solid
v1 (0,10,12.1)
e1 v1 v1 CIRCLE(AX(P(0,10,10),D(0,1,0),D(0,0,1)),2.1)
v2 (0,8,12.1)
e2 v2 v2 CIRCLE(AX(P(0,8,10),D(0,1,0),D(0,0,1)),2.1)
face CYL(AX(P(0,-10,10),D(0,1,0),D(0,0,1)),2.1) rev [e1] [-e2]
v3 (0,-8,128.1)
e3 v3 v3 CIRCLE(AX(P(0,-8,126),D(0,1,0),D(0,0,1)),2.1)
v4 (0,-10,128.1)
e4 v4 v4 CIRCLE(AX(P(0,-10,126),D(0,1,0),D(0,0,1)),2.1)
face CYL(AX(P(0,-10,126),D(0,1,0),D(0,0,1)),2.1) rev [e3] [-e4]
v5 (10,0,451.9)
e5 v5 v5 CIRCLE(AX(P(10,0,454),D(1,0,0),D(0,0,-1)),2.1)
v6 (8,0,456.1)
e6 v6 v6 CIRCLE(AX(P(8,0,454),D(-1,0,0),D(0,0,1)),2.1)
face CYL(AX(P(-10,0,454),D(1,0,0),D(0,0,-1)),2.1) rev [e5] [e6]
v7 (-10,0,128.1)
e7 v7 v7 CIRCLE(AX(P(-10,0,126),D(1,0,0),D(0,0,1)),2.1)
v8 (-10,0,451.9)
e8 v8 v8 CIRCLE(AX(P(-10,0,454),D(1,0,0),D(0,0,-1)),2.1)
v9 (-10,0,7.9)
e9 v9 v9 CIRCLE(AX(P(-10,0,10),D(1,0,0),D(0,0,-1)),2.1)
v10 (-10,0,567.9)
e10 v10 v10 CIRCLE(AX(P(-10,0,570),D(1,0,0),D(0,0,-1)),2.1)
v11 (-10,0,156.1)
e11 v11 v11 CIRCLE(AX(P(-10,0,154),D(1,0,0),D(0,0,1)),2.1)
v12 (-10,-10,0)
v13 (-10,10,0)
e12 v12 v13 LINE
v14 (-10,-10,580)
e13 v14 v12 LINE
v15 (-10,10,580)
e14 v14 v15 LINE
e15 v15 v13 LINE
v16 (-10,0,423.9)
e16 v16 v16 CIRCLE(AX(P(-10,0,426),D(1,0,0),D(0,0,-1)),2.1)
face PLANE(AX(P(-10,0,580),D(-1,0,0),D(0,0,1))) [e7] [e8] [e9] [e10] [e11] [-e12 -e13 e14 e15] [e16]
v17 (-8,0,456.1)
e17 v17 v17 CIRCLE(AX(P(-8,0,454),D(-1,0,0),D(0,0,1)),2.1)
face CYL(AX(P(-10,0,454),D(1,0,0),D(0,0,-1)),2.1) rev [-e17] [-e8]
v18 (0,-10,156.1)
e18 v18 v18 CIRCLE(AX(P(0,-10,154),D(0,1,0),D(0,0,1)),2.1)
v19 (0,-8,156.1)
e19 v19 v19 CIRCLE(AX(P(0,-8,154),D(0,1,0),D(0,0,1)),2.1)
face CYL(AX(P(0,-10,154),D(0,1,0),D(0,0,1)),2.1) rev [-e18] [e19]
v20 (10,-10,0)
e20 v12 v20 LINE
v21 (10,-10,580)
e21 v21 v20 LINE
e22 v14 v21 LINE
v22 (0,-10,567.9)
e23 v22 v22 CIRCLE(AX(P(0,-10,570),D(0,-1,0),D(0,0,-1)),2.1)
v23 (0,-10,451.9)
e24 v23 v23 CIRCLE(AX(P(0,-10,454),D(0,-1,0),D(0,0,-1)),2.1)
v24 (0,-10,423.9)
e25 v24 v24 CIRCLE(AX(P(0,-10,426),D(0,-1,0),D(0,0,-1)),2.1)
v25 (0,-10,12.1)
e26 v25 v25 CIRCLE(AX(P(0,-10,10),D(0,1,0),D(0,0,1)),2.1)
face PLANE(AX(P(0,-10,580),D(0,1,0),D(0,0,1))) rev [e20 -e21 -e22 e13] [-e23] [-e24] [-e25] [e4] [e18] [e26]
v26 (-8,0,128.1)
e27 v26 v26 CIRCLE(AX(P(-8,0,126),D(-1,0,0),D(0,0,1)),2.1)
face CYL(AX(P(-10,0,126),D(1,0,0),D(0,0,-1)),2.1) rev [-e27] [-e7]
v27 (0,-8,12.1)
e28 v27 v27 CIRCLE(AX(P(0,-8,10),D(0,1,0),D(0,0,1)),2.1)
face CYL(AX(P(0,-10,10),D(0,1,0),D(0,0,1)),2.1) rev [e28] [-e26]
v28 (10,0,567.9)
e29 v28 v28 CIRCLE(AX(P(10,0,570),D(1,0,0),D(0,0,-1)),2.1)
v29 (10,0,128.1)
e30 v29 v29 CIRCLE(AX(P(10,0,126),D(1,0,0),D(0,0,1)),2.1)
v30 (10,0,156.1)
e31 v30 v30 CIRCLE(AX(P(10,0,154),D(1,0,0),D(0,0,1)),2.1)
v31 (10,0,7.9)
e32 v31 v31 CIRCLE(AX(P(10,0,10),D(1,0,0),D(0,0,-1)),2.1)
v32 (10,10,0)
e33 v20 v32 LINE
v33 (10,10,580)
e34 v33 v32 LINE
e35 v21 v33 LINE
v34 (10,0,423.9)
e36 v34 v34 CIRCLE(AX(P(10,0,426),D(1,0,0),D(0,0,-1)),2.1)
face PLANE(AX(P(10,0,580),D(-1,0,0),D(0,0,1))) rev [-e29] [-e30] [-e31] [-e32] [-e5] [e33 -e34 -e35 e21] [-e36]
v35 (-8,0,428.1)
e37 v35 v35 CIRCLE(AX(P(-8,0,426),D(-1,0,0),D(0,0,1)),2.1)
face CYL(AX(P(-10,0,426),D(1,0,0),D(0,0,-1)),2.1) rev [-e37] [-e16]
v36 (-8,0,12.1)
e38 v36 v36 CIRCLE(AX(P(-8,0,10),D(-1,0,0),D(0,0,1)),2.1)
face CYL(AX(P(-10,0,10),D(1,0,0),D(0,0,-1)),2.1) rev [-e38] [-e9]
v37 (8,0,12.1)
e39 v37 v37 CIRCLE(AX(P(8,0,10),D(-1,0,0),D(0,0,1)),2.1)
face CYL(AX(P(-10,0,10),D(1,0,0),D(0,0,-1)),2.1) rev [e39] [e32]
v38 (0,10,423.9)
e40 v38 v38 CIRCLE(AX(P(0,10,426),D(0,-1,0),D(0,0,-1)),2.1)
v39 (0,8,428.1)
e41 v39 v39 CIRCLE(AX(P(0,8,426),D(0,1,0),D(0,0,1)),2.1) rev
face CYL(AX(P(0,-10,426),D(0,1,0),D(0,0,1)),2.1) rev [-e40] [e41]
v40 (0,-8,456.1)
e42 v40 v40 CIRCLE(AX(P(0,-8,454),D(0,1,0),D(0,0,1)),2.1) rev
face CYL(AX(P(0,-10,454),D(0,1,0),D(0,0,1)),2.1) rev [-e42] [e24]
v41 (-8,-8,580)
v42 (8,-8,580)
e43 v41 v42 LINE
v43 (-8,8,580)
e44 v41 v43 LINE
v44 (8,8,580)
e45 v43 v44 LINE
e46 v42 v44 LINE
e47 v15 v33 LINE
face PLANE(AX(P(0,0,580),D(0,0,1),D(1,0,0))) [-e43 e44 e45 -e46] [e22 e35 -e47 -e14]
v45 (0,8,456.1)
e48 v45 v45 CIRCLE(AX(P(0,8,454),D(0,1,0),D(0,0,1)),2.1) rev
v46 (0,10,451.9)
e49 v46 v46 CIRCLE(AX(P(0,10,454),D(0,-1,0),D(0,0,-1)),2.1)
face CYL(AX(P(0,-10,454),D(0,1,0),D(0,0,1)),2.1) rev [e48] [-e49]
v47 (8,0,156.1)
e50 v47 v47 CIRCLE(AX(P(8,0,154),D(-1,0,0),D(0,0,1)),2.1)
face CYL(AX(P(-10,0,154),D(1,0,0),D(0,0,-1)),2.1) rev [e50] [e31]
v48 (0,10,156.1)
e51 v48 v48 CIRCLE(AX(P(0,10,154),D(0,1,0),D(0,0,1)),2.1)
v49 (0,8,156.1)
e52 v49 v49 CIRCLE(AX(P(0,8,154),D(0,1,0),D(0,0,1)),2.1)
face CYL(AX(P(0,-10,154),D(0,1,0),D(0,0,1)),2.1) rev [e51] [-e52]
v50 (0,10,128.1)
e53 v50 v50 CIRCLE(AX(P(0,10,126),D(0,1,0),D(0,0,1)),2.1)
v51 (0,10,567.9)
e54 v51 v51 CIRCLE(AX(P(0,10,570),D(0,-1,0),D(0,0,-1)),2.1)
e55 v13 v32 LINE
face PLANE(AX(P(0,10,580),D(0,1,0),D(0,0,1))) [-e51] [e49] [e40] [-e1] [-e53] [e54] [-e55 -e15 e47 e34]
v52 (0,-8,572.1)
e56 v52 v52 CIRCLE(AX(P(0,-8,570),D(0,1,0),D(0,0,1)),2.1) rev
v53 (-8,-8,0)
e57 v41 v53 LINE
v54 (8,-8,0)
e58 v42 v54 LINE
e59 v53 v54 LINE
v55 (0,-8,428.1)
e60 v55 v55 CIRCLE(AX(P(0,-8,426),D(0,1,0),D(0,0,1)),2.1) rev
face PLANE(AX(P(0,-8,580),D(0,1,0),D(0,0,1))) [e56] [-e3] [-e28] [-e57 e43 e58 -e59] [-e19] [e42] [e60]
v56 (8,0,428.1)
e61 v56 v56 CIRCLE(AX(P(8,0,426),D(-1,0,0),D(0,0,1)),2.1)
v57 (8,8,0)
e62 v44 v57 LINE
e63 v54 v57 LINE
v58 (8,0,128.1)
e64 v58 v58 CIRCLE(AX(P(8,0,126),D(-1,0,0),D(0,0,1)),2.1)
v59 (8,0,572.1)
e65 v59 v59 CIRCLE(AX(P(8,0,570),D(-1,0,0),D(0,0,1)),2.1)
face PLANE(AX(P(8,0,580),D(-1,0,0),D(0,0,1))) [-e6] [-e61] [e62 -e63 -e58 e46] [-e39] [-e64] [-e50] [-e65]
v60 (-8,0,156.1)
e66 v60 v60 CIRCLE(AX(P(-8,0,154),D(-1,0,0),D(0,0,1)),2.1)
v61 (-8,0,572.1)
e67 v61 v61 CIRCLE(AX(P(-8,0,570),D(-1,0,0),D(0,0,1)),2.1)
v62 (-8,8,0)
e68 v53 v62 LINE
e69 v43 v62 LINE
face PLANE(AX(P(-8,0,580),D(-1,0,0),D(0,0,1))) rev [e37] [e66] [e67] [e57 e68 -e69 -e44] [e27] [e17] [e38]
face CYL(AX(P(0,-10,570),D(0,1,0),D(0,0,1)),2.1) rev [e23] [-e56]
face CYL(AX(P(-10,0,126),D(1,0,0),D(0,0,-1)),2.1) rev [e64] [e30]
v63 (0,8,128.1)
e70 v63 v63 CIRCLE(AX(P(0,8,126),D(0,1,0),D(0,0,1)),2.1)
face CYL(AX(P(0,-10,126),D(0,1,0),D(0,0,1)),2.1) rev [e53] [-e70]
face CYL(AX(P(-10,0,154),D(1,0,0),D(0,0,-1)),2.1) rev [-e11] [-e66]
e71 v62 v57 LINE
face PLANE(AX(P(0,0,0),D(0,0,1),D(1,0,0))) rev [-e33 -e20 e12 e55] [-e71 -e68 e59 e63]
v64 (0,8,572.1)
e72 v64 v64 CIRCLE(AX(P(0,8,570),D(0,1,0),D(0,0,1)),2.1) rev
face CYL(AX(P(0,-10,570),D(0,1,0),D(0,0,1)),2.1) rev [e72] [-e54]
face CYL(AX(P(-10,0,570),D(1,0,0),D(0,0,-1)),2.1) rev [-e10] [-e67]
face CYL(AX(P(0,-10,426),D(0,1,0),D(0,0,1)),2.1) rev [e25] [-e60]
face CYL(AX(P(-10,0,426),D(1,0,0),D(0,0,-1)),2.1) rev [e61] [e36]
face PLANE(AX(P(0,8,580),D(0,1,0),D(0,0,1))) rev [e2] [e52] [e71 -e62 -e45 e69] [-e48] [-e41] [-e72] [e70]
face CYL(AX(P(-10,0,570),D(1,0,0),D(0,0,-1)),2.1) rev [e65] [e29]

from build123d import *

# Parameters (mm, degrees)
SKETCH_1_W          = 20
SKETCH_1_H          = 20
SKETCH_1_W_2        = 16
SKETCH_1_H_2        = 16
EXTRUDE_1_DEPTH     = 580
SKETCH_2_R          = 2.1
CUT_EXTRUDE_1_DEPTH = 20
SKETCH_3_R          = 2.1
CUT_EXTRUDE_2_DEPTH = 581.430874437


with BuildPart() as part:
    # 草图1 → 凸台-拉伸1 (new body)
    with BuildSketch(Plane.XY):
        Rectangle(SKETCH_1_W, SKETCH_1_H)
        Rectangle(SKETCH_1_W_2, SKETCH_1_H_2, mode=Mode.SUBTRACT)
    extrude(amount=EXTRUDE_1_DEPTH)

    # 草图2 → 切除-拉伸1 (cut)
    with BuildSketch(Plane(origin=(0, 10, 0), x_dir=(1, 0, 0), z_dir=(0, 1, 0))):
        with Locations(Location((0, -10, 0), (0, 0, 270))):
            Circle(SKETCH_2_R)
        with Locations(Location((0, -126, 0), (0, 0, 270))):
            Circle(SKETCH_2_R)
        with Locations(Location((0, -154, 0), (0, 0, 270))):
            Circle(SKETCH_2_R)
    cut_extrude_1 = extrude(amount=-CUT_EXTRUDE_1_DEPTH, mode=Mode.SUBTRACT)

    # 镜向1: 切除-拉伸1 across plane
    add(cut_extrude_1.mirror(Plane.XY.offset(290)), mode=Mode.SUBTRACT)

    # 草图3 → 切除-拉伸2 (cut, through all)
    with BuildSketch(Plane(origin=(10, 0, 0), x_dir=(0, 0, -1), z_dir=(1, 0, 0))):
        with Locations((-570, 0)):
            Circle(SKETCH_3_R)
        with Locations((-10, 0)):
            Circle(SKETCH_3_R)
        with Locations((-454, 0)):
            Circle(SKETCH_3_R)
        with Locations((-426, 0)):
            Circle(SKETCH_3_R)
        with Locations(Location((-126, 0, 0), (0, 0, 180))):
            Circle(SKETCH_3_R)
        with Locations(Location((-154, 0, 0), (0, 0, 180))):
            Circle(SKETCH_3_R)
    extrude(amount=-CUT_EXTRUDE_2_DEPTH, mode=Mode.SUBTRACT)


solid = part.part
